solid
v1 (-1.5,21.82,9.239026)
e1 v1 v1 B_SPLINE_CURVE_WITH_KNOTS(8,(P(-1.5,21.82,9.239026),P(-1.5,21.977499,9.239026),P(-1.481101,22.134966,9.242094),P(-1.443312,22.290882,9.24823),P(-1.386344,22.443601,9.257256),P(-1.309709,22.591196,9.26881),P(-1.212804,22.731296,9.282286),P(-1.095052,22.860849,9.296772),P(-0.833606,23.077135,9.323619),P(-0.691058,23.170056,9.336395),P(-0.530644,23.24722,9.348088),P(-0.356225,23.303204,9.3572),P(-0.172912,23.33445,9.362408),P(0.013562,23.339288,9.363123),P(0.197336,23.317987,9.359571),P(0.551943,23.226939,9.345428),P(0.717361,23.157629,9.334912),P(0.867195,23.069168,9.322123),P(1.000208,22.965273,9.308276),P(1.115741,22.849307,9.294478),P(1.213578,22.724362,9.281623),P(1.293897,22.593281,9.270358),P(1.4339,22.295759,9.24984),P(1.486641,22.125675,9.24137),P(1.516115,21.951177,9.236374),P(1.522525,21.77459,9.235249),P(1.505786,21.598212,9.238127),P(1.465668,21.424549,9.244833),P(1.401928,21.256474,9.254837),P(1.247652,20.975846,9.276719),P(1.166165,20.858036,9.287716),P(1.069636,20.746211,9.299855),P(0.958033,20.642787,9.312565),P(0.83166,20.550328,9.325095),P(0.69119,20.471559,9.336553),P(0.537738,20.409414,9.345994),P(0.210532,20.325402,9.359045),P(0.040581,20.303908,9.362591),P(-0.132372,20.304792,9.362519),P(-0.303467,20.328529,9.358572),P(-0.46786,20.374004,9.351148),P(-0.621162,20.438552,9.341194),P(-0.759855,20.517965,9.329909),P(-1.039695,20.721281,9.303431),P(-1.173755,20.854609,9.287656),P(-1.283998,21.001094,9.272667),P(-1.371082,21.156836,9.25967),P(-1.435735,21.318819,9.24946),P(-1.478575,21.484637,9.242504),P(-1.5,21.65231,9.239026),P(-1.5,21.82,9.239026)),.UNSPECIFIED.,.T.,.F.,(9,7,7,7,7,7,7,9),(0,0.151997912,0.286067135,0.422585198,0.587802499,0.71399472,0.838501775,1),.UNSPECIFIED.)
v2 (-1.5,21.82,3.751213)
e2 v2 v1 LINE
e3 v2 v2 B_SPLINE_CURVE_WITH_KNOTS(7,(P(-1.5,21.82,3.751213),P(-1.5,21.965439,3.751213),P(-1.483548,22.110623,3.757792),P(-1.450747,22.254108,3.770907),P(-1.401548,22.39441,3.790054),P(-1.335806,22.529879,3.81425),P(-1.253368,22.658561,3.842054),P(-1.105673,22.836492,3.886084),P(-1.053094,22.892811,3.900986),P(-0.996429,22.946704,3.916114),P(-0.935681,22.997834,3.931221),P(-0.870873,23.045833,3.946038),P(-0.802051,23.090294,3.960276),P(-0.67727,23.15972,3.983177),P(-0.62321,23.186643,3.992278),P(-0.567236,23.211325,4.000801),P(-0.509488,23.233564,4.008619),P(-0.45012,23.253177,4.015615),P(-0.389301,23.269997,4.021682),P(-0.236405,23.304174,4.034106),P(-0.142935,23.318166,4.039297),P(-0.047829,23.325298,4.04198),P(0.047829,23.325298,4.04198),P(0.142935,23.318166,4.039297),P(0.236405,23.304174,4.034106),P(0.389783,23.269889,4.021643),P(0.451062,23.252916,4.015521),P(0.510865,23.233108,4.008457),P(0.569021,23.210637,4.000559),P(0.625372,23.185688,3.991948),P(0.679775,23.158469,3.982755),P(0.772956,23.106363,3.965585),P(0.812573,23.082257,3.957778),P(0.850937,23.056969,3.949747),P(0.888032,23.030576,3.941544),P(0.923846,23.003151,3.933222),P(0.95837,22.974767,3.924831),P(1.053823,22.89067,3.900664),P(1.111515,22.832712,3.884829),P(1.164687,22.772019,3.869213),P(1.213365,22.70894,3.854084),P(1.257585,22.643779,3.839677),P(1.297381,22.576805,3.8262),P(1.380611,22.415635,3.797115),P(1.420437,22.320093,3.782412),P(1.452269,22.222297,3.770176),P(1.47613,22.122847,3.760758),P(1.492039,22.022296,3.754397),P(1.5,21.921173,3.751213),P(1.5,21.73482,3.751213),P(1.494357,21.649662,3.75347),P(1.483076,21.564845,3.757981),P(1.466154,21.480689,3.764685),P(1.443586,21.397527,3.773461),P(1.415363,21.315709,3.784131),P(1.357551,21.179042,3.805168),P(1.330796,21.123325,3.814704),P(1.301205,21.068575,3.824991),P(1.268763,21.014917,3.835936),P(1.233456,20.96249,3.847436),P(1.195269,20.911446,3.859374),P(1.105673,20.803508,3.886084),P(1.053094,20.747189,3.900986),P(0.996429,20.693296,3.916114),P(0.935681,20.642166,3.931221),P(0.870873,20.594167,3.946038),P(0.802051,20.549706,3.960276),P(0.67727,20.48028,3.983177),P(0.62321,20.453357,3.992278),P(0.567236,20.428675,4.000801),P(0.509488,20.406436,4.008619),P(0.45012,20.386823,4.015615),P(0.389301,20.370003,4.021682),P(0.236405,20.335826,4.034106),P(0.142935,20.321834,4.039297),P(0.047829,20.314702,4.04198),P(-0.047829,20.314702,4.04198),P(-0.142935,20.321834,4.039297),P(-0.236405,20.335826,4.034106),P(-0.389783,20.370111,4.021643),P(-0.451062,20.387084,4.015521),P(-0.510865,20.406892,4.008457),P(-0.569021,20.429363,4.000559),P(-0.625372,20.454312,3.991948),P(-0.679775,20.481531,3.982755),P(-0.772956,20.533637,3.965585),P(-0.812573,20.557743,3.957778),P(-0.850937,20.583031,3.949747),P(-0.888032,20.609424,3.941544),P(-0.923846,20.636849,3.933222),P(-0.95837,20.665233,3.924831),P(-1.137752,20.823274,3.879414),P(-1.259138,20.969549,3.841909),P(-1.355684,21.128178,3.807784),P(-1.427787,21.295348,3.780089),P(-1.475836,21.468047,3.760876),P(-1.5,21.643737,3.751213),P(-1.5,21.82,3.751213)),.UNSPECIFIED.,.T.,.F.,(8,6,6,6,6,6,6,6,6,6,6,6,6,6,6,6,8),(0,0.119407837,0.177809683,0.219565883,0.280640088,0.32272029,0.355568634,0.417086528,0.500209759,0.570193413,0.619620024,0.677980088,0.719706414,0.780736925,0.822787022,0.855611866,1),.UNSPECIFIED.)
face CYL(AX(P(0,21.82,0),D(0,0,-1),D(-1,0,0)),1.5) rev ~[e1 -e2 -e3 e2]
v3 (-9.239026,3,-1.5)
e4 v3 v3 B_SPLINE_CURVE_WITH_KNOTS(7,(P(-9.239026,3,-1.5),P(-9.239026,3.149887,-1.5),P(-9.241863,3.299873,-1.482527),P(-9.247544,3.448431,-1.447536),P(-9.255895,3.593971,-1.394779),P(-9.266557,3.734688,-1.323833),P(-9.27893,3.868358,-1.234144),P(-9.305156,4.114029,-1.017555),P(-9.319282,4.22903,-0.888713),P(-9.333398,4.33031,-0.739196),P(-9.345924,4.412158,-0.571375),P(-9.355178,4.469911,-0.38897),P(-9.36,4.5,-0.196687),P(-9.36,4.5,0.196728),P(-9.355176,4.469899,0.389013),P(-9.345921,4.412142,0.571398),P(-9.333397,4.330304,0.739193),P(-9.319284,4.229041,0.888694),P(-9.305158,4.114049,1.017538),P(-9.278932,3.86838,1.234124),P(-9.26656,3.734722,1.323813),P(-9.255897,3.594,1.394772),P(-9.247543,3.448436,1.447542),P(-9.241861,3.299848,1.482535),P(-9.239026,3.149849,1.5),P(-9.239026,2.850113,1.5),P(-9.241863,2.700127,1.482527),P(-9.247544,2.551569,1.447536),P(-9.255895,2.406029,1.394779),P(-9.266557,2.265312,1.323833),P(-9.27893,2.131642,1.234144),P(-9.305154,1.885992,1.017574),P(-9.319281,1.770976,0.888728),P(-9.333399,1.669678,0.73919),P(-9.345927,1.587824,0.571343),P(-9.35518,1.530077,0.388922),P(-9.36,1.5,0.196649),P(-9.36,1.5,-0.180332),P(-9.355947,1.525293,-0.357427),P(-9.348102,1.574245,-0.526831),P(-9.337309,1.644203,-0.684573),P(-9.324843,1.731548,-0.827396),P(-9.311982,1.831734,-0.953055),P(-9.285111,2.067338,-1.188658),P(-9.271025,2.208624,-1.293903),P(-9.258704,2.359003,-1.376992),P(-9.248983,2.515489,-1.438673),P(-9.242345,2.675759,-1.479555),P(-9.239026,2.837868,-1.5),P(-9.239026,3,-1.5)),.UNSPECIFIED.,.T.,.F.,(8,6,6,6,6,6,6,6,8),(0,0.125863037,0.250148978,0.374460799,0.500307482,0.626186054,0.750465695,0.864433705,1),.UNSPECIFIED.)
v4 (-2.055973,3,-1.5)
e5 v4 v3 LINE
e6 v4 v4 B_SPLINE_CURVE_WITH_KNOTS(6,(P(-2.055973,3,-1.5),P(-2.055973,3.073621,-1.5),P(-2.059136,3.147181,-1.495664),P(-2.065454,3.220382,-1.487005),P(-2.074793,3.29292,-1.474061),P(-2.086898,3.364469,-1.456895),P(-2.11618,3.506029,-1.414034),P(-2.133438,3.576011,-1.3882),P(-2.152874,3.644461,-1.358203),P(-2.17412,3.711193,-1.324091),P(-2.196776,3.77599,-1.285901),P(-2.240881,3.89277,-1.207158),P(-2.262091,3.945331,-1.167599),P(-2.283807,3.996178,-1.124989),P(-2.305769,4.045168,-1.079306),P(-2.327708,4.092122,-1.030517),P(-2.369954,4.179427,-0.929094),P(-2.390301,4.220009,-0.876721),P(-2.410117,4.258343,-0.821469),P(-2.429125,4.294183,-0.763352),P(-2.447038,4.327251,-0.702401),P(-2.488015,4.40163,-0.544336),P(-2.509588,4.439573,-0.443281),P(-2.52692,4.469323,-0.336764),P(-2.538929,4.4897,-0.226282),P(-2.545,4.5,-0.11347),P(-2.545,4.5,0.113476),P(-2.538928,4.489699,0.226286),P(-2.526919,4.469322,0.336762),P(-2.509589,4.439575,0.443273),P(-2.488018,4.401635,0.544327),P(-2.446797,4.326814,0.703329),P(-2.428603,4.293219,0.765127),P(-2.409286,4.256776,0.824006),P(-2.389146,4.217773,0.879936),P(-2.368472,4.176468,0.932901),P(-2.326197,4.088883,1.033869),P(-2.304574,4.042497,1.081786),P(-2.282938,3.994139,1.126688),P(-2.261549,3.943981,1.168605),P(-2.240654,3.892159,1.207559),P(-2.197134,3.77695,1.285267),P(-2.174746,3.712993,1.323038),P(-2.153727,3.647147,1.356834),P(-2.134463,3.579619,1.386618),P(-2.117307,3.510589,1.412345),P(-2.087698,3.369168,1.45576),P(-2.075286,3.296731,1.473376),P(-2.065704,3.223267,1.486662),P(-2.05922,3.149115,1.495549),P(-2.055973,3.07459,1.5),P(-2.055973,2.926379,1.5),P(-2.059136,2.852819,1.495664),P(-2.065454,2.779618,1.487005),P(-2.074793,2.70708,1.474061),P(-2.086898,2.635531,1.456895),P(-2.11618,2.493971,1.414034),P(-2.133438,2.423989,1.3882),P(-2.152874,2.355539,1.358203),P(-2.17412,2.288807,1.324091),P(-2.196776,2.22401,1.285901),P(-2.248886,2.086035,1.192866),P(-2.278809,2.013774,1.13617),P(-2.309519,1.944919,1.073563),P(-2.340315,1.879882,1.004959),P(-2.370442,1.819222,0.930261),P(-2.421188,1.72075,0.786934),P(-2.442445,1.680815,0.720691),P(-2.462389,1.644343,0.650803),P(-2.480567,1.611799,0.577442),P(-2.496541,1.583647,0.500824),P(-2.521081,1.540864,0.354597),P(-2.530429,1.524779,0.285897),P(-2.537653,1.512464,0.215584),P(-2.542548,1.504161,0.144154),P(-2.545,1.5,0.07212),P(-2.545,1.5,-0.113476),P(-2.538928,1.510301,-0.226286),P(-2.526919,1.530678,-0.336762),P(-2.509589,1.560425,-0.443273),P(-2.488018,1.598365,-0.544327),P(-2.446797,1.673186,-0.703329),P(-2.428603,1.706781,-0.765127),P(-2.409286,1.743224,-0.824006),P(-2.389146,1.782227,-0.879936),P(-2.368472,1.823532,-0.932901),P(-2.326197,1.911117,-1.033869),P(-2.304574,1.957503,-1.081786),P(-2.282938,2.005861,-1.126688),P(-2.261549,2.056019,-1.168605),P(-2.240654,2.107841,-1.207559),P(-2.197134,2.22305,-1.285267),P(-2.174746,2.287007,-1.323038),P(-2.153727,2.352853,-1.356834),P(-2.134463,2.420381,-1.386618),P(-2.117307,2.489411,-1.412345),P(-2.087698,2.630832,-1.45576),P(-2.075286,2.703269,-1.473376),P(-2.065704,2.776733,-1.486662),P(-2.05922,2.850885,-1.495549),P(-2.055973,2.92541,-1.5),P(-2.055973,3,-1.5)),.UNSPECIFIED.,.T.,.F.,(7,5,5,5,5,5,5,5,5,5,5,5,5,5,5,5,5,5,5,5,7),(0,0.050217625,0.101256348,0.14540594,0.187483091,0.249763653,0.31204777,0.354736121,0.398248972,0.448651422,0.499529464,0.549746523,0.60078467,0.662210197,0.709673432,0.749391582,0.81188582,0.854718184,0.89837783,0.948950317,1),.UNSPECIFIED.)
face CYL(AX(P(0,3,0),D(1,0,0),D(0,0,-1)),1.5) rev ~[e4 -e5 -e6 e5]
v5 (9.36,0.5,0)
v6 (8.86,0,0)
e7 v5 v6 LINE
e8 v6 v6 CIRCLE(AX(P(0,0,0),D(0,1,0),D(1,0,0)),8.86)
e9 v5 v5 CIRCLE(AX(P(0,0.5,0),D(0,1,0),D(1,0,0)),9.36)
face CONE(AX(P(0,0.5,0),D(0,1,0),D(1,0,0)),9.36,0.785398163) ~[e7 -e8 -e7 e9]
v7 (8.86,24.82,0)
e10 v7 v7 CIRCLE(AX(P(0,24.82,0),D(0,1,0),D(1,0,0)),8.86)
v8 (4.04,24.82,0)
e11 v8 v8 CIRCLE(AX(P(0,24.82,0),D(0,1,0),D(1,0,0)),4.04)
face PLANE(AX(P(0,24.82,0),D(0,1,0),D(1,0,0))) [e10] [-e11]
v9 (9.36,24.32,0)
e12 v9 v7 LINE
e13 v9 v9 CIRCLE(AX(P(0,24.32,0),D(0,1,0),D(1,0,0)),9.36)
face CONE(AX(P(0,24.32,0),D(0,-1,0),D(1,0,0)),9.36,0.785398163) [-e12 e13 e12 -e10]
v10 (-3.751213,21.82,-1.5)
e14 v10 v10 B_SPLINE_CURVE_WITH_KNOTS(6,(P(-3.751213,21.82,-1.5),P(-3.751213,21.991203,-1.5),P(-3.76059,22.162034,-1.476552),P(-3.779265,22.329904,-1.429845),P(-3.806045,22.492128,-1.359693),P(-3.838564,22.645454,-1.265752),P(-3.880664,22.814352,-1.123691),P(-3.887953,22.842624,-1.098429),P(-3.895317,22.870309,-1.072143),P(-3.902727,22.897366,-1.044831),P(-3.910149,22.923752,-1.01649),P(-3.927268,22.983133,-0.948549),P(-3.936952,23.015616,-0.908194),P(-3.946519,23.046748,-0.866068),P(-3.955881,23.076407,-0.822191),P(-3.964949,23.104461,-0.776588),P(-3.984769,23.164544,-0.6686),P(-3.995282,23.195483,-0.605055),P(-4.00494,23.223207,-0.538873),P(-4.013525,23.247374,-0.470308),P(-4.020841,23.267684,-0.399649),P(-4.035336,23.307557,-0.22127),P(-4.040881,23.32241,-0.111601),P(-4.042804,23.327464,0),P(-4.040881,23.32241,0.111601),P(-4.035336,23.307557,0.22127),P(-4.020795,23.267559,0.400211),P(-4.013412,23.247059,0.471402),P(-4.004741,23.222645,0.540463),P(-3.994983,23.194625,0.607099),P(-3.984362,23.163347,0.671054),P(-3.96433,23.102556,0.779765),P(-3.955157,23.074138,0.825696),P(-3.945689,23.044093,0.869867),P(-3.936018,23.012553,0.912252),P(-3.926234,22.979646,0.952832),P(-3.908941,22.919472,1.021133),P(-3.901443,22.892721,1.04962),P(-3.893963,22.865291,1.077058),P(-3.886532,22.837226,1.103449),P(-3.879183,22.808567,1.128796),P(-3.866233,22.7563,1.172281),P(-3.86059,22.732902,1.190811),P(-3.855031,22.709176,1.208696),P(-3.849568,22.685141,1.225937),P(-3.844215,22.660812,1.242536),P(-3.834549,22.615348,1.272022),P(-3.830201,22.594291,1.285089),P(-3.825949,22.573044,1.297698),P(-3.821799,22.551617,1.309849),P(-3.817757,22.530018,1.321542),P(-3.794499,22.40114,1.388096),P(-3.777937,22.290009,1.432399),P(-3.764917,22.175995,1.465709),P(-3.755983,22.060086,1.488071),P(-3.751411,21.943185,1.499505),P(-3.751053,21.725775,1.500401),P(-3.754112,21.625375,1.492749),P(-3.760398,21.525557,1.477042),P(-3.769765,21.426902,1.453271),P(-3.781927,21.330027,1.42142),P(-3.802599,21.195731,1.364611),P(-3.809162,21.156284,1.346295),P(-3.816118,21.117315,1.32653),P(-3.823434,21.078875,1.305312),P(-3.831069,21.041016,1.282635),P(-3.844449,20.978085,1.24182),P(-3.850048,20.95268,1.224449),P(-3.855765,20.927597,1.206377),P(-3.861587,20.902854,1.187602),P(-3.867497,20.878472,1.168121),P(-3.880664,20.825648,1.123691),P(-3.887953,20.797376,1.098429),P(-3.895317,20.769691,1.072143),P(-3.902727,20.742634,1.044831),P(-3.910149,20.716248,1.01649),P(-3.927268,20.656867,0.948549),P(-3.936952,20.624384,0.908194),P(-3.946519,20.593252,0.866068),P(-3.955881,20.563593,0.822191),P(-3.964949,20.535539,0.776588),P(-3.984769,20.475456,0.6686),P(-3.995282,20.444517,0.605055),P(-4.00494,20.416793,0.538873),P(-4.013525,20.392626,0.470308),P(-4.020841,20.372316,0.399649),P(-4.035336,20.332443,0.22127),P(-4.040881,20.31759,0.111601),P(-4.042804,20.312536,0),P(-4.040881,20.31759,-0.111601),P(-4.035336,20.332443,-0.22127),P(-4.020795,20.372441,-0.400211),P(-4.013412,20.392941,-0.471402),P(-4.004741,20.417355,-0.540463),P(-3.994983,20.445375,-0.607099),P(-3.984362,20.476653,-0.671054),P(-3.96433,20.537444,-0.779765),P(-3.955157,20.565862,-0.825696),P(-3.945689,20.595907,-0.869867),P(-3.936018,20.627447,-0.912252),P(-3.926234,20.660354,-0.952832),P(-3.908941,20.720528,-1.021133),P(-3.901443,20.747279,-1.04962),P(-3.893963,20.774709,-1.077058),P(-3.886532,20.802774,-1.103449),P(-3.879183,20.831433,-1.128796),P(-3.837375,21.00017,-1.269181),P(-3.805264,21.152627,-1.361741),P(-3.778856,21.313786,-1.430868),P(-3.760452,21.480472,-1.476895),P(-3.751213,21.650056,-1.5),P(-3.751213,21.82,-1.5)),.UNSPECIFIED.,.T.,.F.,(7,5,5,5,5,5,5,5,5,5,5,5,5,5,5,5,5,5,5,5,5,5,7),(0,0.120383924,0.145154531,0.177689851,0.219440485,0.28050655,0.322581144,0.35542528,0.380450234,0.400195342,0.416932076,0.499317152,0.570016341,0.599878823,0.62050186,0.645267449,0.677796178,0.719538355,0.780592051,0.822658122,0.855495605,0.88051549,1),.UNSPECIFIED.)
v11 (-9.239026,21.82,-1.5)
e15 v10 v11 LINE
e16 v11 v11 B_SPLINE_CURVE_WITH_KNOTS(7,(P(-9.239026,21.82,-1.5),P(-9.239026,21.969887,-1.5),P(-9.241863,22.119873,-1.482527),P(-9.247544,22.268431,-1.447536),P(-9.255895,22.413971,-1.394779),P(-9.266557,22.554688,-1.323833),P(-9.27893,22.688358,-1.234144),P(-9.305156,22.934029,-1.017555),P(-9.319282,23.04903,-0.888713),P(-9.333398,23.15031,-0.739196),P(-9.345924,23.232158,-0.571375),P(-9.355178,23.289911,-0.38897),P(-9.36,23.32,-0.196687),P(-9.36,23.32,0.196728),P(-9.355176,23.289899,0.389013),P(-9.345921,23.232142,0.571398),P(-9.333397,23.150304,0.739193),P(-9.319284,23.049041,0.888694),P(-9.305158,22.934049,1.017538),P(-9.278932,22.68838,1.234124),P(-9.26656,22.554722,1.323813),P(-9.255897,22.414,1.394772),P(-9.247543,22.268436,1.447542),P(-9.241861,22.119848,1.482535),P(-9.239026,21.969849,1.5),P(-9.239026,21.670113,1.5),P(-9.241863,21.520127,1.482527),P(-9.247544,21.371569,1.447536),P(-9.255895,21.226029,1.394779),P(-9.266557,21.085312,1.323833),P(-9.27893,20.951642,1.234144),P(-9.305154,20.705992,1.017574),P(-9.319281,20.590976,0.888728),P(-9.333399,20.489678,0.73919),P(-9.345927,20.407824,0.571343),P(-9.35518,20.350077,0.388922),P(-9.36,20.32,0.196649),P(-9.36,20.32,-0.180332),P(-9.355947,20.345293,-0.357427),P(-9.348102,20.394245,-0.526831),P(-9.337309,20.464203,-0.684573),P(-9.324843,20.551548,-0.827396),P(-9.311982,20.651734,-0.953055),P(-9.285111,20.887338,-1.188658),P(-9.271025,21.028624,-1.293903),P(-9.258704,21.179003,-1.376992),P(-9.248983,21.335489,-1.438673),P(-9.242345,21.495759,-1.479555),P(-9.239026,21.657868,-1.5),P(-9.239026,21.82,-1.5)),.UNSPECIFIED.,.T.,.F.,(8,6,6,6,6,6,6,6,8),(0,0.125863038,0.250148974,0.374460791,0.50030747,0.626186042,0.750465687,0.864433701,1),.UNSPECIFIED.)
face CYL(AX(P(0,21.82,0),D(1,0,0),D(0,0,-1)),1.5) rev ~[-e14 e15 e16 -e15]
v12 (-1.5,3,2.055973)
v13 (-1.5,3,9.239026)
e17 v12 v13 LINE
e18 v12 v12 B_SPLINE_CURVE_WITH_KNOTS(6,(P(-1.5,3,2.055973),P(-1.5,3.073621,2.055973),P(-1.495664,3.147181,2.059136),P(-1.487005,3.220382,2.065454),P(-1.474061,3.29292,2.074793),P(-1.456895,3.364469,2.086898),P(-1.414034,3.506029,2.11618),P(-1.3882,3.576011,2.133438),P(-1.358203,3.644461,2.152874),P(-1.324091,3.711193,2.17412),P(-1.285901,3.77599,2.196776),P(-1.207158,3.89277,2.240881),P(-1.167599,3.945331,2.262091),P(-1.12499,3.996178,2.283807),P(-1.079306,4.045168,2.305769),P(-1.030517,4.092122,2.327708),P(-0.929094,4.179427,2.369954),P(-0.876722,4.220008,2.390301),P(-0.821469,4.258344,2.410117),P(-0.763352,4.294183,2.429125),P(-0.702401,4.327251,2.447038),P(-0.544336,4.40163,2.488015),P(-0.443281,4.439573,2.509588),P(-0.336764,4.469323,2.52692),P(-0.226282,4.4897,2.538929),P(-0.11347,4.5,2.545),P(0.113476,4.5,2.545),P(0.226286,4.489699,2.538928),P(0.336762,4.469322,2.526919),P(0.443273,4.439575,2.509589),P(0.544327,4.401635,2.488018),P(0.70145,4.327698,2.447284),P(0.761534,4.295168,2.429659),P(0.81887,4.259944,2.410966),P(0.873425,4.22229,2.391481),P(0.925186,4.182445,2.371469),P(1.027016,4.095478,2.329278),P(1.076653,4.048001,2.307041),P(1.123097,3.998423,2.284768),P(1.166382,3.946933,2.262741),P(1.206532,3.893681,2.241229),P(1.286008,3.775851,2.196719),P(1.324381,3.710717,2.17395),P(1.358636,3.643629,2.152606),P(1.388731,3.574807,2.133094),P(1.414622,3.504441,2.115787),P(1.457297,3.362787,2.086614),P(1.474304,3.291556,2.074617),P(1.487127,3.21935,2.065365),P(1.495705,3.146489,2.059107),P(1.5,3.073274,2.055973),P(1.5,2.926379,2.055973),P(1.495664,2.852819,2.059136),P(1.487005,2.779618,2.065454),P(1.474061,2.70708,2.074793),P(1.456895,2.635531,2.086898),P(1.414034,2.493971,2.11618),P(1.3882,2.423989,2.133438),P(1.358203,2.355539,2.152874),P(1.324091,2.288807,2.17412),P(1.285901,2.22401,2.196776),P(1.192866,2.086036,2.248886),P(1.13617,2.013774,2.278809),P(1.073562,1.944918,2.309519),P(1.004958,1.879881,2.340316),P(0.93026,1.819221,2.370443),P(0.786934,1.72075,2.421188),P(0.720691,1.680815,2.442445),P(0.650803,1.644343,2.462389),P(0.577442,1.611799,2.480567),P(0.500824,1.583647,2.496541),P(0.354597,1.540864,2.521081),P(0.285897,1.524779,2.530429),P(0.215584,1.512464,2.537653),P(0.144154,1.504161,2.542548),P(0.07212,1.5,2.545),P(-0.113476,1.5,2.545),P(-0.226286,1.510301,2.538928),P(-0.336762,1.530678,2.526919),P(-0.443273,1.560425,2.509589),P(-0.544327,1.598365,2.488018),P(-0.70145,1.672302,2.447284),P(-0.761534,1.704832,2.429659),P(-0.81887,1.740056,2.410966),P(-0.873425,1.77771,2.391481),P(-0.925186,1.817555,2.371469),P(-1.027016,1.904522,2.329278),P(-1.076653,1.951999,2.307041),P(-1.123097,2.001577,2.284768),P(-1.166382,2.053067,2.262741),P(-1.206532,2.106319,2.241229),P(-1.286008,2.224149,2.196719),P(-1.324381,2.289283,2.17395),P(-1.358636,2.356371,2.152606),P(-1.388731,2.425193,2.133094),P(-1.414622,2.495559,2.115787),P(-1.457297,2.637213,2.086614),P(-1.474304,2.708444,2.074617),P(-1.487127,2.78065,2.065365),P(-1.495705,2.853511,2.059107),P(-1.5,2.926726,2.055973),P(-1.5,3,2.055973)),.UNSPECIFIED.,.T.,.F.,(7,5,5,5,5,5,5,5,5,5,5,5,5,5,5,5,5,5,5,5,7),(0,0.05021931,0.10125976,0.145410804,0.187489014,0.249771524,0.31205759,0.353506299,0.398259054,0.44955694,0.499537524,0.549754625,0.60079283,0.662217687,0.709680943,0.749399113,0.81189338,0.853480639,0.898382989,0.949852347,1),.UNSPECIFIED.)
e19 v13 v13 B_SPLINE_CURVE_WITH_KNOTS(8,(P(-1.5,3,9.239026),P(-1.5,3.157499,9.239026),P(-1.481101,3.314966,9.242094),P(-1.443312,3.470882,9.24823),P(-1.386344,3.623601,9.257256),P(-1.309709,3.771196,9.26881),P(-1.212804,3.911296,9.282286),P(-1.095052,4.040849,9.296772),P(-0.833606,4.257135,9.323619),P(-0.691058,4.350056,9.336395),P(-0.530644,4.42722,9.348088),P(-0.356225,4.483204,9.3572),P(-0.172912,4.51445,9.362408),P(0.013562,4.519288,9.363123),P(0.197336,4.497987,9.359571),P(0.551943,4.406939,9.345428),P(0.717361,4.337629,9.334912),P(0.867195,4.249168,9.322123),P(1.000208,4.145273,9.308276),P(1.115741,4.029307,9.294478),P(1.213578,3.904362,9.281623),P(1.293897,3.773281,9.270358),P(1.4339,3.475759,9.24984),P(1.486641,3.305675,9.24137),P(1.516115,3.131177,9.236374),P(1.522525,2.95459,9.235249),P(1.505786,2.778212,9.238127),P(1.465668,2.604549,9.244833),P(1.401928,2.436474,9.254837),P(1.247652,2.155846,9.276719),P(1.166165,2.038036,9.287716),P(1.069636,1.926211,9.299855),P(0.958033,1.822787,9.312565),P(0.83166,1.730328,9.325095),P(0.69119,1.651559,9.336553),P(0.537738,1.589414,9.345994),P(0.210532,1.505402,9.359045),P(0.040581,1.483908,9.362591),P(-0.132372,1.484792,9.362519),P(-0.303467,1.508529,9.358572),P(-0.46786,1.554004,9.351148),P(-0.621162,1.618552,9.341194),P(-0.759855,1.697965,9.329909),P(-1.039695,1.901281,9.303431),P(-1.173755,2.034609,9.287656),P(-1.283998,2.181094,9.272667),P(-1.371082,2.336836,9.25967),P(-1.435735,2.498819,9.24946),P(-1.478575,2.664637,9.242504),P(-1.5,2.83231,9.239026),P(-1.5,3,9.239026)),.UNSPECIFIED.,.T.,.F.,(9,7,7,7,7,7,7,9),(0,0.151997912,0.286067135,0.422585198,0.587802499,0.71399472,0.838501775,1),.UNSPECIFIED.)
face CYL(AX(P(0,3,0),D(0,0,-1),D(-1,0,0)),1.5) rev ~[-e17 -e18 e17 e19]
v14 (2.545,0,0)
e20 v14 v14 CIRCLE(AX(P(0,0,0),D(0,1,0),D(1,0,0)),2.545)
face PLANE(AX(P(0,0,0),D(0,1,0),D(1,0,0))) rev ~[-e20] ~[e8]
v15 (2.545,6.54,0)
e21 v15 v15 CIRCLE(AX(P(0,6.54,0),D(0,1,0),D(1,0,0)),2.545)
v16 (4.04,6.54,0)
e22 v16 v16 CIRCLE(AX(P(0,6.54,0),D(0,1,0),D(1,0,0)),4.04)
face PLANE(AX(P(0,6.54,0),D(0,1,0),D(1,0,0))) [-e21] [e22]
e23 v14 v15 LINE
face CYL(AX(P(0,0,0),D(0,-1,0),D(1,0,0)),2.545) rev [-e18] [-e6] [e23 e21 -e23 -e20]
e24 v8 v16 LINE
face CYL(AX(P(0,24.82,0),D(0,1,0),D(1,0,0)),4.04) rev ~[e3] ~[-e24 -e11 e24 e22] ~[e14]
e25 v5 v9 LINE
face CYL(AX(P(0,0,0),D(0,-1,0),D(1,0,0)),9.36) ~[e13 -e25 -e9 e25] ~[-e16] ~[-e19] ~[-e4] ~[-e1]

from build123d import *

# Parameters (mm, degrees)
SKETCH1_R           = 9.36
BOSS_EXTRUDE1_DEPTH = 24.82
SKETCH2_R           = 2.545
CUT_EXTRUDE1_DEPTH  = 25.82
CUT_EXTRUDE2_START  = 24.82
SKETCH2_3_R         = 4.04
SKETCH2_3_R_2       = 2.545
CUT_EXTRUDE2_DEPTH  = 18.28
CHAMFER1_SIZE       = 0.5
SKETCH3_R           = 1.5
CUT_EXTRUDE3_DEPTH  = 18.28
CIRPATTERN1_COUNT   = 2
CIRPATTERN1_ANGLE   = 90


with BuildPart() as part:
    # Sketch1 → Boss-Extrude1 (new body)
    with BuildSketch(Plane(origin=(0, 0, 0), x_dir=(1, 0, 0), z_dir=(0, 1, 0))):
        Circle(SKETCH1_R)
    extrude(amount=BOSS_EXTRUDE1_DEPTH)

    # Sketch2 → Cut-Extrude1 (cut, through all)
    with BuildSketch(Plane(origin=(0, 0, 0), x_dir=(1, 0, 0), z_dir=(0, 1, 0))):
        Circle(SKETCH2_R)
    extrude(amount=CUT_EXTRUDE1_DEPTH, mode=Mode.SUBTRACT)

    # Sketch2<3> → Cut-Extrude2 (cut)
    with BuildSketch(Plane(origin=(0, 0, 0), x_dir=(1, 0, 0), z_dir=(0, 1, 0)).offset(CUT_EXTRUDE2_START)):
        Circle(SKETCH2_3_R)
        Circle(SKETCH2_3_R_2, mode=Mode.SUBTRACT)
    extrude(amount=-CUT_EXTRUDE2_DEPTH, mode=Mode.SUBTRACT)

    # Chamfer1
    chamfer1_edges = [part.edges().sort_by_distance(p)[0] for p in [
        (-9.36, 0, 0),
        (-9.36, 24.82, 0),
    ]]
    chamfer(chamfer1_edges, length=CHAMFER1_SIZE)

    # Sketch3 → Cut-Extrude3 (cut)
    with BuildSketch(Plane(origin=(0, 0, 0), x_dir=(0, 0, -1), z_dir=(1, 0, 0))):
        with Locations((0, 21.82)):
            Circle(SKETCH3_R)
        with Locations((0, 3)):
            Circle(SKETCH3_R)
    cut_extrude3 = extrude(amount=-CUT_EXTRUDE3_DEPTH, mode=Mode.SUBTRACT)

    # CirPattern1: Cut-Extrude3 ×2 about axis
    cirpattern1_axis = Axis((0, 24.82, 0), (0, 1, 0))
    for i in range(1, CIRPATTERN1_COUNT):
        add(cut_extrude3.rotate(cirpattern1_axis, i * CIRPATTERN1_ANGLE / (CIRPATTERN1_COUNT - 1)), mode=Mode.SUBTRACT)


solid = part.part
